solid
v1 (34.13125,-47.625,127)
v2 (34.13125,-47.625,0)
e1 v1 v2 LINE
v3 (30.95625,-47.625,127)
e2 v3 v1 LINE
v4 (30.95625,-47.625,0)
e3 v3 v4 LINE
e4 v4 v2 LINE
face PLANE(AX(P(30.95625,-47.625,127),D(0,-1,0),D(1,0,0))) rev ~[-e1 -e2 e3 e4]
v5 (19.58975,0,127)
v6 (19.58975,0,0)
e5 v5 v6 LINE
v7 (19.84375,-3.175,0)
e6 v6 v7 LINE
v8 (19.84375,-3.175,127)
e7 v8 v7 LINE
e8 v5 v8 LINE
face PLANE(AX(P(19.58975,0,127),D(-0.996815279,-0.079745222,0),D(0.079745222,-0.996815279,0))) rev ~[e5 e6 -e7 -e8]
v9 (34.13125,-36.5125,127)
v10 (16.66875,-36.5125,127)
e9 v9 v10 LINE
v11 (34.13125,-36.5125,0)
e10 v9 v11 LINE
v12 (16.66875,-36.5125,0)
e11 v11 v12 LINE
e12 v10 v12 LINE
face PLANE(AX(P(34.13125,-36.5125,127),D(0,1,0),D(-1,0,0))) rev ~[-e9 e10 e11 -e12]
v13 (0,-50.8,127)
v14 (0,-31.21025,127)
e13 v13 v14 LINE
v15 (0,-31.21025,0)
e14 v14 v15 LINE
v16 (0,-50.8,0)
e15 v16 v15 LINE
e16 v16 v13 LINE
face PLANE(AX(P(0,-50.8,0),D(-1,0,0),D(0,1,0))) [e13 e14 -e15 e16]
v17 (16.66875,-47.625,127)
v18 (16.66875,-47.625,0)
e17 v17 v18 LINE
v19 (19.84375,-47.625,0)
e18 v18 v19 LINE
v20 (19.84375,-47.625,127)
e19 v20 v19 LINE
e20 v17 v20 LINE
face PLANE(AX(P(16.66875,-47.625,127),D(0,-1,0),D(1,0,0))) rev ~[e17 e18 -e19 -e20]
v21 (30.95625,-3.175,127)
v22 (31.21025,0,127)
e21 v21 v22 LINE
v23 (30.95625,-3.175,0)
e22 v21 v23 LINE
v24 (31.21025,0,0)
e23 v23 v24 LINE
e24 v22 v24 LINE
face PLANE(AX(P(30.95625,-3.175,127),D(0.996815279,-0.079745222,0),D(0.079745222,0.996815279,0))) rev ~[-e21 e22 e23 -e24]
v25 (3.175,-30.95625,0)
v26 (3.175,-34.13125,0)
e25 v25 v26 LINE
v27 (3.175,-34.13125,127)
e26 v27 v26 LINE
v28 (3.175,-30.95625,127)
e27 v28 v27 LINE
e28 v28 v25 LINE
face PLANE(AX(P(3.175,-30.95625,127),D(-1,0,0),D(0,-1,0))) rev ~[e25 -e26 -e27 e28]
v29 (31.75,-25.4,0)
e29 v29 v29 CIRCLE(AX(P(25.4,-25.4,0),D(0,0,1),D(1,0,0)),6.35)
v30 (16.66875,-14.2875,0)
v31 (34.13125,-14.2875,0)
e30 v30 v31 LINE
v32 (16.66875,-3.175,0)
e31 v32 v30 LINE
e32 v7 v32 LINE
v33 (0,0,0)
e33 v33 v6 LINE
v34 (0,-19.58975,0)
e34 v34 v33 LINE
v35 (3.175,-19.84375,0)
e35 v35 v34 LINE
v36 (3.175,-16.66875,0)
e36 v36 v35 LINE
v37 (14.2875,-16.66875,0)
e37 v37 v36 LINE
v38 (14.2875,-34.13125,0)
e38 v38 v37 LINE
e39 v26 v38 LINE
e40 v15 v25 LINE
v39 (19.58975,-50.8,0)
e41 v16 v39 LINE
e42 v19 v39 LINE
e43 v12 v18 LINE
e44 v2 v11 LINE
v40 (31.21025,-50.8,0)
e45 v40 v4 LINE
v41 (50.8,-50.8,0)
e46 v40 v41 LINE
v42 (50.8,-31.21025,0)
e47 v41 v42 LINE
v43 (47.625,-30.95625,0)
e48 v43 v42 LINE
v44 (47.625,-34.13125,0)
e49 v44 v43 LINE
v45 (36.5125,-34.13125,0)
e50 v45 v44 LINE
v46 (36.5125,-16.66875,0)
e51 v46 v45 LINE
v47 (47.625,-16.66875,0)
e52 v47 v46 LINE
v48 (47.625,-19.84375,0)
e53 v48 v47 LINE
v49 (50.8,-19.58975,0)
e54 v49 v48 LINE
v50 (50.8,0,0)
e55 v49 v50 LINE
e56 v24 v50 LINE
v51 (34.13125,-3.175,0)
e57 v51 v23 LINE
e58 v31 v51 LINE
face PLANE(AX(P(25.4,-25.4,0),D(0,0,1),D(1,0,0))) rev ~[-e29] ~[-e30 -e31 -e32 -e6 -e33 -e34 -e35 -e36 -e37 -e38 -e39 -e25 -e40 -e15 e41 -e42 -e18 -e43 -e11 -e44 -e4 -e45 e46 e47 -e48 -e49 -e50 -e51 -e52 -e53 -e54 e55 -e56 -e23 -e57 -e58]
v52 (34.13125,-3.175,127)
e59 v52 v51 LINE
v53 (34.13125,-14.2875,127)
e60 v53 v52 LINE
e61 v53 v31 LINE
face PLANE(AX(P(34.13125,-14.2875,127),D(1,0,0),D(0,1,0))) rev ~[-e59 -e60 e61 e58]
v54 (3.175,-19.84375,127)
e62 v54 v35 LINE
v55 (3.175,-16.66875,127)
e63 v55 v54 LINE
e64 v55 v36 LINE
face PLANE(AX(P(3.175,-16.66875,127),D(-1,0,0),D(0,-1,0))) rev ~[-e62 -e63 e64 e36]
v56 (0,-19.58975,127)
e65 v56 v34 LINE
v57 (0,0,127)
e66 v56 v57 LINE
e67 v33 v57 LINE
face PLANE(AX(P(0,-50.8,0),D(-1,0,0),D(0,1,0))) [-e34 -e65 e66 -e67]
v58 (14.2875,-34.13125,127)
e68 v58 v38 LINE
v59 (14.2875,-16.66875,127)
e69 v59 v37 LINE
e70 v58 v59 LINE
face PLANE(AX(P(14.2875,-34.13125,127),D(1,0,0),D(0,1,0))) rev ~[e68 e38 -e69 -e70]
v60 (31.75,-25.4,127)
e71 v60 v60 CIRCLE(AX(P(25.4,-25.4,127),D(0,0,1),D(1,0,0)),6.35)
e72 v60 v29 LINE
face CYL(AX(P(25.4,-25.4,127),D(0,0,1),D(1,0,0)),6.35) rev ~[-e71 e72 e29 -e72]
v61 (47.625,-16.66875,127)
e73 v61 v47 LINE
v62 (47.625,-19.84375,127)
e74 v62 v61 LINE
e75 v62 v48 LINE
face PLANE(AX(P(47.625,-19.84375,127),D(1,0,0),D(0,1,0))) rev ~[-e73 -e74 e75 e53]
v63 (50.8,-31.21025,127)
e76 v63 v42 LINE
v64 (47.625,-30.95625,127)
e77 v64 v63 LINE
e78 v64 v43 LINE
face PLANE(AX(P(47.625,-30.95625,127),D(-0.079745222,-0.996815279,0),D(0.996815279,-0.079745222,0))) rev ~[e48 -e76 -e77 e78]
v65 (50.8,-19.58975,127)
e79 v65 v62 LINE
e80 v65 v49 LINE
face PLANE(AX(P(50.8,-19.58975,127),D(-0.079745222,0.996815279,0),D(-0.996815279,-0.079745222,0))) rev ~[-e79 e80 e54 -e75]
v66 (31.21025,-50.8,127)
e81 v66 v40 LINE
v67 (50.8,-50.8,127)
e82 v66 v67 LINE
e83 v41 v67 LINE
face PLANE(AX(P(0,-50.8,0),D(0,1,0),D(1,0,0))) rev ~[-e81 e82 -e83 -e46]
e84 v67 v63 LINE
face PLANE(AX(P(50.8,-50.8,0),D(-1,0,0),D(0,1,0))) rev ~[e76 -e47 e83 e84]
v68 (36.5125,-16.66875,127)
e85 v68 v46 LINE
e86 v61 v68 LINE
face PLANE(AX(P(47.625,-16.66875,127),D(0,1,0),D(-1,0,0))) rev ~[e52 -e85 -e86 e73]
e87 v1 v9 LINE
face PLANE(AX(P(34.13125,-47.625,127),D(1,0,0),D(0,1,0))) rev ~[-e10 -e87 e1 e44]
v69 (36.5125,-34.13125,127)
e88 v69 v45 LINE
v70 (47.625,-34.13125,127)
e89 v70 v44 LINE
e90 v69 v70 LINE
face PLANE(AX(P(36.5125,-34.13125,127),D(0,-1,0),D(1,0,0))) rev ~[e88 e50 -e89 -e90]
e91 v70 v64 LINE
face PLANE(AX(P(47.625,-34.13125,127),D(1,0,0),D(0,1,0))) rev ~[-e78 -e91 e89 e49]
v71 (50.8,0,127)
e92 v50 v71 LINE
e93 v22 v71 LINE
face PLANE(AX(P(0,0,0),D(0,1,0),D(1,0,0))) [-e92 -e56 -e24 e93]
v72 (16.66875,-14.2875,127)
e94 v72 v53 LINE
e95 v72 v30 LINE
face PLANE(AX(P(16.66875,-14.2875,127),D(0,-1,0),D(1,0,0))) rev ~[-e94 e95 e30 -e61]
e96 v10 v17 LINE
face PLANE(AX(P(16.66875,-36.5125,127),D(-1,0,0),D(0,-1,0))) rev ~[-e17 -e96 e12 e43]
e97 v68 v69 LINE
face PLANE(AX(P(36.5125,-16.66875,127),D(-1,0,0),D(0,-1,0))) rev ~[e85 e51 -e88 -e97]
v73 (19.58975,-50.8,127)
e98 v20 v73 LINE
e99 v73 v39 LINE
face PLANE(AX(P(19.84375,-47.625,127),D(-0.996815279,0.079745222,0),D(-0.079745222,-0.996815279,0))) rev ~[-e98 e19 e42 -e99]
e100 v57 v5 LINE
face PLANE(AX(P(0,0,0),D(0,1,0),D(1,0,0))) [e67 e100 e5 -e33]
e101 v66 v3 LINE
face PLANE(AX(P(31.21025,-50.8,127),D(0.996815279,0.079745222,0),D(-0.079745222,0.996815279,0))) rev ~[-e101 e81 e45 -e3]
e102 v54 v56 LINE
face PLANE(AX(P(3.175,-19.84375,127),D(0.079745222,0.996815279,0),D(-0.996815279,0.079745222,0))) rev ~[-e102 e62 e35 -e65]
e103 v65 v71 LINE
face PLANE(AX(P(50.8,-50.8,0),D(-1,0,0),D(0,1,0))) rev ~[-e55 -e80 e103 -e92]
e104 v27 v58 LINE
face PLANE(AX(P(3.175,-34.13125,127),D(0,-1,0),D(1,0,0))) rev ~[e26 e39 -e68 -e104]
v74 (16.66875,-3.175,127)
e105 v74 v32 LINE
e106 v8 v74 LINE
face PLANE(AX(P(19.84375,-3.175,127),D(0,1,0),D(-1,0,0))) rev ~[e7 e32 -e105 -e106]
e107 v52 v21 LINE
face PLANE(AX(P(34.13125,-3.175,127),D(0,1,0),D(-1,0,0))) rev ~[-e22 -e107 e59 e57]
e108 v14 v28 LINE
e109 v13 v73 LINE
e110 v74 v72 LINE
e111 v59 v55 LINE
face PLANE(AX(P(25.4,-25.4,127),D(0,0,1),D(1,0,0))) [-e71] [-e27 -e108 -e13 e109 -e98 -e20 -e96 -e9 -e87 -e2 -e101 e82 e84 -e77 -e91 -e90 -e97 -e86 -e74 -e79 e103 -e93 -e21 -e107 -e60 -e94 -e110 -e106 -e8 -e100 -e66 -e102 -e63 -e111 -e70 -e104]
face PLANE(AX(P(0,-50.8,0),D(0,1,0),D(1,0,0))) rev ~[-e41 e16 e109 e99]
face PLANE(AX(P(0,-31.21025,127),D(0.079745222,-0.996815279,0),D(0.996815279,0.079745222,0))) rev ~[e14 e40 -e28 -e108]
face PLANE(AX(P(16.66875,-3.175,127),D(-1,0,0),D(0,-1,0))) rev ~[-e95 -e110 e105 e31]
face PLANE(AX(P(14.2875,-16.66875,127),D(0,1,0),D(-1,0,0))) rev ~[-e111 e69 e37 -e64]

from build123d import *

# Parameters (mm, degrees)
F0_W     = 50.8
F0_H     = 50.8
F1_DEPTH = 127
F2_R     = 6.35
F3_DEPTH = 177.8


with BuildPart() as f1:
    # F0 (on Top) → F1 (new body)
    with BuildSketch(Plane.XY):
        with Locations((25.4, -25.4)):
            Rectangle(F0_W, F0_H)
    extrude(amount=F1_DEPTH)

    # F2 (on face) → F3 (cut)
    with BuildSketch(Plane.XY.offset(127)):
        with Locations((25.4, -25.4)):
            Circle(F2_R)
        Polygon((19.84375, -47.625), (19.58975, -50.8), (31.21025, -50.8), (30.95625, -47.625), (34.13125, -47.625), (34.13125, -36.5125), (16.66875, -36.5125), (16.66875, -47.625), align=None)
        Polygon((50.8, -31.21025), (50.8, -19.58975), (47.625, -19.84375), (47.625, -16.66875), (36.5125, -16.66875), (36.5125, -34.13125), (47.625, -34.13125), (47.625, -30.95625), align=None)
        Polygon((3.175, -19.84375), (0, -19.58975), (0, -31.21025), (3.175, -30.95625), (3.175, -34.13125), (14.2875, -34.13125), (14.2875, -16.66875), (3.175, -16.66875), align=None)
        Polygon((19.84375, -3.175), (16.66875, -3.175), (16.66875, -14.2875), (34.13125, -14.2875), (34.13125, -3.175), (30.95625, -3.175), (31.21025, 0), (19.58975, 0), align=None)
    extrude(amount=-F3_DEPTH, mode=Mode.SUBTRACT)


solid = f1.part
